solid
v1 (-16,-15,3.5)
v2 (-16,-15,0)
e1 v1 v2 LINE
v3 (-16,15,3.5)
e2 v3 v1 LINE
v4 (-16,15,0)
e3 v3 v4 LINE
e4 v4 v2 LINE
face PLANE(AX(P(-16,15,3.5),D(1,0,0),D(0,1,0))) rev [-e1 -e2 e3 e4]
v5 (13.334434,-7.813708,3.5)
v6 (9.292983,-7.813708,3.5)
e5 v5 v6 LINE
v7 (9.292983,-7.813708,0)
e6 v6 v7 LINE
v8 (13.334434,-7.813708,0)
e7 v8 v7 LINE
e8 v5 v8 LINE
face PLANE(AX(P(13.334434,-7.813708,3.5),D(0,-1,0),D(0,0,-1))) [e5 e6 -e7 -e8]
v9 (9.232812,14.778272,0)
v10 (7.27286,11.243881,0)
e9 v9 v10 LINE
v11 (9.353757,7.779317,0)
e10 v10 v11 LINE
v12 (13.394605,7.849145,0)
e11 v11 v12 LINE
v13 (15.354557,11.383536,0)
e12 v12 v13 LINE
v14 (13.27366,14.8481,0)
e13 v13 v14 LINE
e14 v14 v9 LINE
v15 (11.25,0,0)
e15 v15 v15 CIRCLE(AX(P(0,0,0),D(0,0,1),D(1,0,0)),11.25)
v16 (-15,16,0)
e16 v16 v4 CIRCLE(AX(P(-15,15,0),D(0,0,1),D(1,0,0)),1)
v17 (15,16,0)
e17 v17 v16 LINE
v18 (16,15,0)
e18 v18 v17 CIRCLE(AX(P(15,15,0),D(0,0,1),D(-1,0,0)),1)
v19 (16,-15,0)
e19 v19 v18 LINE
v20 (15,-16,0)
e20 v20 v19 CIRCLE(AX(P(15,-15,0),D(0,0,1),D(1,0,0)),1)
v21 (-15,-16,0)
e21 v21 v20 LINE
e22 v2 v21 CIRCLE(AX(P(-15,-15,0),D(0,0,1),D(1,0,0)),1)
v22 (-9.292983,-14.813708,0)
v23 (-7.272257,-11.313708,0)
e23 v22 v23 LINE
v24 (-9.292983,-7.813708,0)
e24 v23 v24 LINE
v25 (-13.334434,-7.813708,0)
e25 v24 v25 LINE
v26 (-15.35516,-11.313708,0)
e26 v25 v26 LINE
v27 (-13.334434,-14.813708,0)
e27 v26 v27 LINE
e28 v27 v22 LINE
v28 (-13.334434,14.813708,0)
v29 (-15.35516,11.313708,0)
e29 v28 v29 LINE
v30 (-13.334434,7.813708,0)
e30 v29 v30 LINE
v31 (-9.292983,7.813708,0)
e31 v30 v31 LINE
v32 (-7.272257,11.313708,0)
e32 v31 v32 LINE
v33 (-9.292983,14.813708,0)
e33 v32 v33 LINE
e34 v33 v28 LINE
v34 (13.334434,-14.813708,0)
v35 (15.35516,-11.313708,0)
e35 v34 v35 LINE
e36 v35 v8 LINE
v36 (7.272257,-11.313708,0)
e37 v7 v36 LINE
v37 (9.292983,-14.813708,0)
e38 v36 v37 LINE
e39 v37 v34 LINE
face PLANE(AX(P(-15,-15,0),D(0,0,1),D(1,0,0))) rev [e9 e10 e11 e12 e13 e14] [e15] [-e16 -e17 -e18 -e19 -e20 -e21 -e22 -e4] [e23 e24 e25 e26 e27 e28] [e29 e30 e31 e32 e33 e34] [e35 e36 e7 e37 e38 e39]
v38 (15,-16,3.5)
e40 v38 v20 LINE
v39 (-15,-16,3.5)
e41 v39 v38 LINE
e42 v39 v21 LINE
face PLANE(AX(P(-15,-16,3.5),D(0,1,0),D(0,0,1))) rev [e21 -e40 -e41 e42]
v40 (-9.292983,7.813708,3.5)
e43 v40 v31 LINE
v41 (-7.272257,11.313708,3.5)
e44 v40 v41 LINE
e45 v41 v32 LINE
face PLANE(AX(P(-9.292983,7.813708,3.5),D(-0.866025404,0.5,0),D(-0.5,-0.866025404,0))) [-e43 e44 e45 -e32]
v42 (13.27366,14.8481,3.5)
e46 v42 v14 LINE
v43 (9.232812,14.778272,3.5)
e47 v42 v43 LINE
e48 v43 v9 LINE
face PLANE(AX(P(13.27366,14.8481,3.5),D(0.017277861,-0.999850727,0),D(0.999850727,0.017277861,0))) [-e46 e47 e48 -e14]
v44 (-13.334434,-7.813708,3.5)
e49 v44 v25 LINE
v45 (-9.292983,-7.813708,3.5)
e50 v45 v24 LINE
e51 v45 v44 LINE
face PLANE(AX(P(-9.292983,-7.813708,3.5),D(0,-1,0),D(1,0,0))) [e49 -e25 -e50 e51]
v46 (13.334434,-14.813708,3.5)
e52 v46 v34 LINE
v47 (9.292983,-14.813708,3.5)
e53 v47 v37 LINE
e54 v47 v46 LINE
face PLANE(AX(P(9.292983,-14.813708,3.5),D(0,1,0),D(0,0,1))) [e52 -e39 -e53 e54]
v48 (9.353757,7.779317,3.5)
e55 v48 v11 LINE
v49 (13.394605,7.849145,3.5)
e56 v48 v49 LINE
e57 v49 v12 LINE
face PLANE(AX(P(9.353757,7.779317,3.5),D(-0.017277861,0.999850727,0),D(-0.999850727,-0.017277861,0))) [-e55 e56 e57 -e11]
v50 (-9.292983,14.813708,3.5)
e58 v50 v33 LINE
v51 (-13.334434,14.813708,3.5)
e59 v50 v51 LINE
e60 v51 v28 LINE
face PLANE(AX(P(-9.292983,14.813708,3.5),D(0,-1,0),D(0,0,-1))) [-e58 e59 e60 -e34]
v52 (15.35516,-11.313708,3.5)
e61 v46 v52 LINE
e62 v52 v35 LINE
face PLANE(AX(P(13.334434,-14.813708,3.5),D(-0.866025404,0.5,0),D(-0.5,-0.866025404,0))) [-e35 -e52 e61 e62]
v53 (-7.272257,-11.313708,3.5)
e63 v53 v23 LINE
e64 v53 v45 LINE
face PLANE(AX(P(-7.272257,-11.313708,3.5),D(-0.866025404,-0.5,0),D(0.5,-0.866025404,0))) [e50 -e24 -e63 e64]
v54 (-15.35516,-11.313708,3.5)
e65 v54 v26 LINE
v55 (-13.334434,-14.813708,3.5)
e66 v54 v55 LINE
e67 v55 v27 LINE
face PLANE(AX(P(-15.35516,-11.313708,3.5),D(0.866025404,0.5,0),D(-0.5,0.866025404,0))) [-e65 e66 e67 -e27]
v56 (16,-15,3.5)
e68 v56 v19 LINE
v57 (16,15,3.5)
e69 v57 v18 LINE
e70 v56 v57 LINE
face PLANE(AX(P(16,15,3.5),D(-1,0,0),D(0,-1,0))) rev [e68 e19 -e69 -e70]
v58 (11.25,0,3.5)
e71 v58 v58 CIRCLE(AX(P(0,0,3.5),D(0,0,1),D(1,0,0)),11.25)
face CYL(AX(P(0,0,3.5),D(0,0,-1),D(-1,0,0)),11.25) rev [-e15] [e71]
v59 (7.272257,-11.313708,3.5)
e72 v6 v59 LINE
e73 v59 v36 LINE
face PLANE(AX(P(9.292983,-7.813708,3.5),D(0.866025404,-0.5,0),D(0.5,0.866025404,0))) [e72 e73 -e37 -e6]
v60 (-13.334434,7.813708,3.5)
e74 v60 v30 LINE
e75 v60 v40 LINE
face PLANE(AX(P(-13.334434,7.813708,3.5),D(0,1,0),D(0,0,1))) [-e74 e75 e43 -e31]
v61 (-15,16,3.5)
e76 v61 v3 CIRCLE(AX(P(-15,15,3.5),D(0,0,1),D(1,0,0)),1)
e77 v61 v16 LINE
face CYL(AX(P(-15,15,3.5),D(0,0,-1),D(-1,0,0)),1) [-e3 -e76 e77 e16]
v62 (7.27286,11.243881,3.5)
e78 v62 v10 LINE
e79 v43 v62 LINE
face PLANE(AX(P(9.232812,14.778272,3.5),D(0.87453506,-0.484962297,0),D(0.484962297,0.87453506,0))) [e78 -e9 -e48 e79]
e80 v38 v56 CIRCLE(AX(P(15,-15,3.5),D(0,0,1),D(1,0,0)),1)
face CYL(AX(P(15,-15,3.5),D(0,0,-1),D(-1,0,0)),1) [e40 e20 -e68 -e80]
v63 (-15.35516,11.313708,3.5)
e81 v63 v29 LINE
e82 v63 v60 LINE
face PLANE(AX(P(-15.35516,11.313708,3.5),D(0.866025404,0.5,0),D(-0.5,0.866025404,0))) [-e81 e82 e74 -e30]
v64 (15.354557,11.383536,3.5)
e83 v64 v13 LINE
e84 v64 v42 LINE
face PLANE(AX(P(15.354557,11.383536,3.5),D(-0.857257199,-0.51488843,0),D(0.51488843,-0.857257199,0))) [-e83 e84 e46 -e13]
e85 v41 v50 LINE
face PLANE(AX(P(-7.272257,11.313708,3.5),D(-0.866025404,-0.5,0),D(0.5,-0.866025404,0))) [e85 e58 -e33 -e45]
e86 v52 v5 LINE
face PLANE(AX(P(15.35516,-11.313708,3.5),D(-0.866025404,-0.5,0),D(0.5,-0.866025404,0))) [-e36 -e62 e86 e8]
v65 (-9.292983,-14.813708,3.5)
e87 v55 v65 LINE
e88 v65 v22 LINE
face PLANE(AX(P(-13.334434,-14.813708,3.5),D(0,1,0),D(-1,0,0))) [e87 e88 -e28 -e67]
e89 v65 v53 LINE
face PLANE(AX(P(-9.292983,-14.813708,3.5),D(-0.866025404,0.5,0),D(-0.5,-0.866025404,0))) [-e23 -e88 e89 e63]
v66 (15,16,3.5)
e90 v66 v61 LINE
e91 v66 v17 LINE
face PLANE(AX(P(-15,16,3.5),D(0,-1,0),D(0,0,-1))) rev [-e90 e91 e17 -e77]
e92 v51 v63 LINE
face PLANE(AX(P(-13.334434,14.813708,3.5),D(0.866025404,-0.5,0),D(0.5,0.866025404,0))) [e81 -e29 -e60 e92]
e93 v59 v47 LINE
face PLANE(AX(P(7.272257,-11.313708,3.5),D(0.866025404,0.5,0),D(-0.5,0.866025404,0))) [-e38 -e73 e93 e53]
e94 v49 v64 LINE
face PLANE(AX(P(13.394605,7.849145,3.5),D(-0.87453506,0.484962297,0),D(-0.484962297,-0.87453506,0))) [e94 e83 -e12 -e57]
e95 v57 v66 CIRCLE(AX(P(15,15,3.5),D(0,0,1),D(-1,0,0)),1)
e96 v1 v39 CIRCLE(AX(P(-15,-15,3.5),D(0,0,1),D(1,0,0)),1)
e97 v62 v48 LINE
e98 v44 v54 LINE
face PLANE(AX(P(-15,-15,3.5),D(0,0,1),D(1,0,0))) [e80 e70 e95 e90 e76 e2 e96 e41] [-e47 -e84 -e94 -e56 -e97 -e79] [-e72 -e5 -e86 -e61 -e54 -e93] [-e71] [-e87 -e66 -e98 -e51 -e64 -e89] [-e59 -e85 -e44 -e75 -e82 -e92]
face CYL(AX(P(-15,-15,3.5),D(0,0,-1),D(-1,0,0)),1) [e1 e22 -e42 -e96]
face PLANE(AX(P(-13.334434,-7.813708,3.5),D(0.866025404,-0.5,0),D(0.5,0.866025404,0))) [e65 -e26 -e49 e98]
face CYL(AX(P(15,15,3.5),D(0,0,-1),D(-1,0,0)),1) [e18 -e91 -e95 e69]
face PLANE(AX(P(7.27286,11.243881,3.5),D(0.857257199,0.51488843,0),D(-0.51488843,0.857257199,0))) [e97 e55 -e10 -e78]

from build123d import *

# Parameters (mm, degrees)
SKETCH_1_R      = 11.25
EXTRUDE_2_DEPTH = 3.5


with BuildPart() as part:
    # Эскиз1 → Бобышка-Вытянуть2 (new body)
    with BuildSketch(Plane.XY):
        with BuildLine():
            Line((-15, 16), (15, 16))
            ThreePointArc((15, 16), (15.707106781, 15.707106781), (16, 15))
            Line((16, 15), (16, -15))
            ThreePointArc((16, -15), (15.707106781, -15.707106781), (15, -16))
            Line((15, -16), (-15, -16))
            ThreePointArc((-15, -16), (-15.707106781, -15.707106781), (-16, -15))
            Line((-16, -15), (-16, 15))
            ThreePointArc((-16, 15), (-15.707106781, 15.707106781), (-15, 16))
        make_face()
        Circle(SKETCH_1_R, mode=Mode.SUBTRACT)
        Polygon((-7.272256615, 11.313708499), (-9.292982557, 14.813708499), (-13.334434441, 14.813708499), (-15.355160383, 11.313708499), (-13.334434441, 7.813708499), (-9.292982557, 7.813708499), align=None, mode=Mode.SUBTRACT)
        Polygon((7.272859896, 11.243880856), (9.353756711, 7.779317134), (13.394605314, 7.849144778), (15.354557102, 11.383536142), (13.273660287, 14.848099864), (9.232811684, 14.77827222), align=None, mode=Mode.SUBTRACT)
        Polygon((-7.272256615, -11.313708499), (-9.292982557, -7.813708499), (-13.334434441, -7.813708499), (-15.355160383, -11.313708499), (-13.334434441, -14.813708499), (-9.292982557, -14.813708499), align=None, mode=Mode.SUBTRACT)
        Polygon((15.355160383, -11.313708499), (13.334434441, -7.813708499), (9.292982557, -7.813708499), (7.272256615, -11.313708499), (9.292982557, -14.813708499), (13.334434441, -14.813708499), align=None, mode=Mode.SUBTRACT)
    extrude(amount=EXTRUDE_2_DEPTH)


solid = part.part
